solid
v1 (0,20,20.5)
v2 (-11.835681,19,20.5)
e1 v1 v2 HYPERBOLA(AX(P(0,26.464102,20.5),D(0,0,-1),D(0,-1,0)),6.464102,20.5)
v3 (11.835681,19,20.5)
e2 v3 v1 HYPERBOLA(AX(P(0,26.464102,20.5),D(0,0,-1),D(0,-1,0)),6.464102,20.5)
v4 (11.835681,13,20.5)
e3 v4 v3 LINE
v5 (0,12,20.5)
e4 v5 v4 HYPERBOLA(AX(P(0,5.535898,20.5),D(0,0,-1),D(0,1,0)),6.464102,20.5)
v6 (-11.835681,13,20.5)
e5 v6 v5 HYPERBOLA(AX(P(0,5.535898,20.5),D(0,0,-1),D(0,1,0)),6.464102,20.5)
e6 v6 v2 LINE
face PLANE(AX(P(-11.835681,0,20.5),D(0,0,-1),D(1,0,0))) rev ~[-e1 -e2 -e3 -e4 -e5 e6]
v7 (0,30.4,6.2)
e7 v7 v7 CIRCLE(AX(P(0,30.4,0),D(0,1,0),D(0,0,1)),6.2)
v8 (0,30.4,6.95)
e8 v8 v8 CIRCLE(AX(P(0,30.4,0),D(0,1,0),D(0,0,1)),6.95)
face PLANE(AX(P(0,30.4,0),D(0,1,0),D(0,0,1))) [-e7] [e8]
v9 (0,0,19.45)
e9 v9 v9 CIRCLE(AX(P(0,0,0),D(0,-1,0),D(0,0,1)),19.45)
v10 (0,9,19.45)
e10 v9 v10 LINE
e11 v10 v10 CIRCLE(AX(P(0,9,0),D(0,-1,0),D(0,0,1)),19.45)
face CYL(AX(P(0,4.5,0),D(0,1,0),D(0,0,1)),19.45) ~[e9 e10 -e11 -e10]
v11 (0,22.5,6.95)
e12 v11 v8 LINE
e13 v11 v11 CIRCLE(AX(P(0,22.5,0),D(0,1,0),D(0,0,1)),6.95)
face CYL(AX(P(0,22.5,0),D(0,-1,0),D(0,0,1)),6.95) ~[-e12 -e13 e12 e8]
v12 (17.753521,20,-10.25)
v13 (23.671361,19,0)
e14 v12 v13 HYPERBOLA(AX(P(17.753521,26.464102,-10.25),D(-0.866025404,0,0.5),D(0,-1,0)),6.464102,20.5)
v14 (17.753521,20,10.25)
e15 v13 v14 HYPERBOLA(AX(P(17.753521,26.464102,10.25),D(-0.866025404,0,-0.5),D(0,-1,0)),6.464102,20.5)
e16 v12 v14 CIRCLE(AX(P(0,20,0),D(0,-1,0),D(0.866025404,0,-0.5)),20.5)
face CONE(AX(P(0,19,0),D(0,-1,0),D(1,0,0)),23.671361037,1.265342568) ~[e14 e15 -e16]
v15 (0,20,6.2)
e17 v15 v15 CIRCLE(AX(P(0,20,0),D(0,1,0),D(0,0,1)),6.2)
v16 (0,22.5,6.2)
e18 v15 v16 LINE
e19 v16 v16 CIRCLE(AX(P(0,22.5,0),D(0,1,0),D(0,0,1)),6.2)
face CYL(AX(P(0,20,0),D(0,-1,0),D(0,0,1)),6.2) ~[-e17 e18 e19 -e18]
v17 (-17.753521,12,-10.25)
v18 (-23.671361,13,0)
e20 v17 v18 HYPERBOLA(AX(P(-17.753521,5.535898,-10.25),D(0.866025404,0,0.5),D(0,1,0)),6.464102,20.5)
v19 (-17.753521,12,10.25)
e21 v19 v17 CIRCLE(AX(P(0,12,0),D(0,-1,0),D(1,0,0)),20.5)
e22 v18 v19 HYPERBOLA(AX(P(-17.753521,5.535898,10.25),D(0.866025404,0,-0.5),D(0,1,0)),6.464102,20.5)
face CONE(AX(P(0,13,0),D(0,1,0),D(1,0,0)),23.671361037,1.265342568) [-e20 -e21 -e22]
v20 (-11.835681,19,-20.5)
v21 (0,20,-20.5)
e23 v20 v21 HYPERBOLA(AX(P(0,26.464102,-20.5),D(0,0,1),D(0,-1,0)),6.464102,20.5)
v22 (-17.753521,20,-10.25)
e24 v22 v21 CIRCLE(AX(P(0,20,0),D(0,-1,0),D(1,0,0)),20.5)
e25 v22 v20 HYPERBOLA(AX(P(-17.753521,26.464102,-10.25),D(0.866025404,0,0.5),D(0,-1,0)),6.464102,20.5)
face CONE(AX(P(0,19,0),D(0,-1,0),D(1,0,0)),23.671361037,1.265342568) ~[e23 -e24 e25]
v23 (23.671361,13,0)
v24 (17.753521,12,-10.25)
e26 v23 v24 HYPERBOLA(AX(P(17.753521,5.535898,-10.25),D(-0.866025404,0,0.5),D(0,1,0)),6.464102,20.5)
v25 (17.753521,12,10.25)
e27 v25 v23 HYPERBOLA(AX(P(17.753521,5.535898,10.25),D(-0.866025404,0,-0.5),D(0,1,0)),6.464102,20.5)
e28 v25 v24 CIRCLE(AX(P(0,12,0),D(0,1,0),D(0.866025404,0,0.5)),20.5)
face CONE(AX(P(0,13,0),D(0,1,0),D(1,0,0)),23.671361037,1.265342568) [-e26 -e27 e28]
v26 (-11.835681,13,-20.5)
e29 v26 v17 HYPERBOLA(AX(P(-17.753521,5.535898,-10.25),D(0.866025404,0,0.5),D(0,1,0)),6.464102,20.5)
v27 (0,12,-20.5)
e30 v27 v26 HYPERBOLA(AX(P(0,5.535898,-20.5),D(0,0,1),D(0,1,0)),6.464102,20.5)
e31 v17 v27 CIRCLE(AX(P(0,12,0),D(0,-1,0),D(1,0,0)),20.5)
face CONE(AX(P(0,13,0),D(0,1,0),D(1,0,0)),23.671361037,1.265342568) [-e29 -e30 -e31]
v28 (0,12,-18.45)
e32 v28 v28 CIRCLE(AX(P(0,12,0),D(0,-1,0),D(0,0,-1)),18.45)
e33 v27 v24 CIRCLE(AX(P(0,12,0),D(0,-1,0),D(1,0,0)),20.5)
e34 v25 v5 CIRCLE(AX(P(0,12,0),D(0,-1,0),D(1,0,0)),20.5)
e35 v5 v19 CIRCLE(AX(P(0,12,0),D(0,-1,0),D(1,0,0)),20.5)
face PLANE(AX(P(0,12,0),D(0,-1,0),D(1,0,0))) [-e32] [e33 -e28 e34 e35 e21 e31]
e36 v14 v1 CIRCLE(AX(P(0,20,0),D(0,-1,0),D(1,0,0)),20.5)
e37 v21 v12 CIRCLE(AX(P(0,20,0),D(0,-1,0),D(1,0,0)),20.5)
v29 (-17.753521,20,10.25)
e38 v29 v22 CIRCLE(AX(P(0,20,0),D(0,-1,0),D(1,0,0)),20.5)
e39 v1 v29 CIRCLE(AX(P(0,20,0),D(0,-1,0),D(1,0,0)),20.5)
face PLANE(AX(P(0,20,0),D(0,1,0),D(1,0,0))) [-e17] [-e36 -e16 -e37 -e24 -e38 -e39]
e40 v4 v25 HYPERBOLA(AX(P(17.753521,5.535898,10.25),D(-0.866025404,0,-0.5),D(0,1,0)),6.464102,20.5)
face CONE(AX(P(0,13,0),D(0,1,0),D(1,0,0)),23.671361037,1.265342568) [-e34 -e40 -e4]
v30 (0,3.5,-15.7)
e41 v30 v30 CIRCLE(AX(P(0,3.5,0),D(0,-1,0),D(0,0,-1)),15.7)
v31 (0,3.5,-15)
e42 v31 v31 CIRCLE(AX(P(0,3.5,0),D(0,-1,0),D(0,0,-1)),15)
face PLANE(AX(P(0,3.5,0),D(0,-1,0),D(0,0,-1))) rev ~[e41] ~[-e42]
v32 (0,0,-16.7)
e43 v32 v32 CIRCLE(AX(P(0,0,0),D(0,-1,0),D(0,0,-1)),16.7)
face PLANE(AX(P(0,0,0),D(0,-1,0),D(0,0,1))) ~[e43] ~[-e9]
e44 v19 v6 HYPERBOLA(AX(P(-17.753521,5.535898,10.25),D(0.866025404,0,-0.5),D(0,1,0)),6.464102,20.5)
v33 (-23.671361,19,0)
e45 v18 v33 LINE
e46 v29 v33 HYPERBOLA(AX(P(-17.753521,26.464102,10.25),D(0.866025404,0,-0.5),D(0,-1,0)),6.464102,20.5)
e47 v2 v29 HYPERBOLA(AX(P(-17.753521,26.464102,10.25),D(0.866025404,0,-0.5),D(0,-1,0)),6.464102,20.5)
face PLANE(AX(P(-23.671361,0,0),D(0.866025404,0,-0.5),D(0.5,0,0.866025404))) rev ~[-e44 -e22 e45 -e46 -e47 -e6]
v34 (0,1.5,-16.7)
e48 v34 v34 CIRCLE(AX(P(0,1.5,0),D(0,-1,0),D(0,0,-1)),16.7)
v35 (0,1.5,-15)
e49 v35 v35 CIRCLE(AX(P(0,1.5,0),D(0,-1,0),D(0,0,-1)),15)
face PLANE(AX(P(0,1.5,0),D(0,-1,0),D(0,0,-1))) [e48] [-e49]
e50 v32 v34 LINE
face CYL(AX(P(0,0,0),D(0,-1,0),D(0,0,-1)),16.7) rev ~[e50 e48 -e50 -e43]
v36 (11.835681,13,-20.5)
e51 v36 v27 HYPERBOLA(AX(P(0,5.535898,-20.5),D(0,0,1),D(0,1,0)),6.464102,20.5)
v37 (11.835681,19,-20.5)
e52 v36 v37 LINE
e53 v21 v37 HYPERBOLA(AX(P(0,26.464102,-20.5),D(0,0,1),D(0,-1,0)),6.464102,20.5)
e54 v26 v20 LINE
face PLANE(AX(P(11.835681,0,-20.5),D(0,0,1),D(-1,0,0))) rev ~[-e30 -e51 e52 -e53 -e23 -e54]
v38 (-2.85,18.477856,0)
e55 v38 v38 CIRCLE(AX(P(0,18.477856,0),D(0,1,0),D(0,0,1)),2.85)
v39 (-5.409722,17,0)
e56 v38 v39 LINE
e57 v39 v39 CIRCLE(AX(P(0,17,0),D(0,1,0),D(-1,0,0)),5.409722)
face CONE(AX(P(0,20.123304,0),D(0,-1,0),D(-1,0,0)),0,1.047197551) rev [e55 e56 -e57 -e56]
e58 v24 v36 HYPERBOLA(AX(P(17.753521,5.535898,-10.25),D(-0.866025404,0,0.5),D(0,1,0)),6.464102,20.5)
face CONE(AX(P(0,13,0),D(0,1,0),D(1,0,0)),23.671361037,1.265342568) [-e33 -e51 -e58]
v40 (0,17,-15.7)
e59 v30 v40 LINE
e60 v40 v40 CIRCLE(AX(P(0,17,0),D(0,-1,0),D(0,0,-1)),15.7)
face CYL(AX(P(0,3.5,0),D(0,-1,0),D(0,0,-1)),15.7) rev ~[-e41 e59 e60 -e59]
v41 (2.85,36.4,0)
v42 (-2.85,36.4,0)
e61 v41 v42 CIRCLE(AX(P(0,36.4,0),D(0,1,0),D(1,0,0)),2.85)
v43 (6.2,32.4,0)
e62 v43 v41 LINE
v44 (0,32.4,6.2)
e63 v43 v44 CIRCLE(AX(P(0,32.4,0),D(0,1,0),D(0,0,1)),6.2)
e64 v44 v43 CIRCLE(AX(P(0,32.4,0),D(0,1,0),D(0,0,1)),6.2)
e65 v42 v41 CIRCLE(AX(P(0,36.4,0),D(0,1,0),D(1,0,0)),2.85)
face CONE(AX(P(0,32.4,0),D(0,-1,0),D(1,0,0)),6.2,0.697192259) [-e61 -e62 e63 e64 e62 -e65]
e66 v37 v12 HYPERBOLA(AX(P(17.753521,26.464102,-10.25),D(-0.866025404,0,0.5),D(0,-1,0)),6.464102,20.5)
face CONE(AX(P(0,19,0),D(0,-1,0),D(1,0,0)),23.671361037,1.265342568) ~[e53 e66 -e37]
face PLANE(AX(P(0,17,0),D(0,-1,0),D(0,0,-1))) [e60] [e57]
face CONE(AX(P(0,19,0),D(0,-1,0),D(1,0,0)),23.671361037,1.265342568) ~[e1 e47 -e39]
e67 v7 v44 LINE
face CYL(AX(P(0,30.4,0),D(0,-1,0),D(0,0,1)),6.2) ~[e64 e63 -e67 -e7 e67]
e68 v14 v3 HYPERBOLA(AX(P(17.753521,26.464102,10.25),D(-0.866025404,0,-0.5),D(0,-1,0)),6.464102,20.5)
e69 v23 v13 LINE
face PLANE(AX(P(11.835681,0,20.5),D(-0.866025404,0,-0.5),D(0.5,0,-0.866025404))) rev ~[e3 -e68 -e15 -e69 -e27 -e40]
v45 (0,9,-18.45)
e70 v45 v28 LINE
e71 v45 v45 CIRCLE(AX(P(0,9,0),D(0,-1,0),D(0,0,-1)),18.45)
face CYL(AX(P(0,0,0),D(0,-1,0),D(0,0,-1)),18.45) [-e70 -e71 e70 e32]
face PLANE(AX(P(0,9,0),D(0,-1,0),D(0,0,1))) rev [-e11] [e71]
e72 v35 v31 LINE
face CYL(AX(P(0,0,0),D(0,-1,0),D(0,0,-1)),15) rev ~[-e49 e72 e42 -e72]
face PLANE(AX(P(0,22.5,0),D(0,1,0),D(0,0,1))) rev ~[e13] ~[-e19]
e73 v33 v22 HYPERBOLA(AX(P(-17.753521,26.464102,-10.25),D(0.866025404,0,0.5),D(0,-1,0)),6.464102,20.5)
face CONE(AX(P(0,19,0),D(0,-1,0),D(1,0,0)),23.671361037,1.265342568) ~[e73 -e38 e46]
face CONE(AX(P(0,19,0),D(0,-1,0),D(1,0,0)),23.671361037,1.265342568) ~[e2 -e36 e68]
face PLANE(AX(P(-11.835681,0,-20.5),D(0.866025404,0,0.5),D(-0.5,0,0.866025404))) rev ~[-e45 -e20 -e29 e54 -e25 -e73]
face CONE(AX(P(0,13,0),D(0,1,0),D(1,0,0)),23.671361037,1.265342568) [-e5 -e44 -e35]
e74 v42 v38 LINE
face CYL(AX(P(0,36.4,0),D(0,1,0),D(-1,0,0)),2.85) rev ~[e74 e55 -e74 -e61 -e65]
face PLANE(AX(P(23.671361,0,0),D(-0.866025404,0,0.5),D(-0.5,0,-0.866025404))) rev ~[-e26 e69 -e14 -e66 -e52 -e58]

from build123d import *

# Parameters (mm, degrees)
EXTRUDE_1_DEPTH     = 20
SKETCH_3_OUTSIDE_W  = 62.49
SKETCH_3_OUTSIDE_H  = 56.148
SKETCH_3_OUTSIDE_R  = 18.45
CUT_EXTRUDE_1_DEPTH = 12
SKETCH_11_R         = 16.7
CUT_EXTRUDE_2_DEPTH = 1.5
SKETCH_13_R         = 15
CUT_EXTRUDE_4_DEPTH = 17
SKETCH_14_R         = 15.7
CUT_EXTRUDE_5_DEPTH = 13.5
SKETCH_15_W         = 1
SKETCH_15_H         = 9
SKETCH_16_R         = 6.2
EXTRUDE_2_DEPTH     = 2.5
SKETCH_17_R         = 6.95
EXTRUDE_3_DEPTH     = 7.9
SKETCH_18_R         = 6.2
EXTRUDE_4_DEPTH     = 2
SKETCH_21_R         = 2.85
CUT_EXTRUDE_6_DEPTH = 49.016073698


with BuildPart() as part:
    # Эскиз2 → Бобышка-Вытянуть1 (new body)
    with BuildSketch(Plane(origin=(0, 0, 0), x_dir=(1, 0, 0), z_dir=(0, 1, 0))):
        Polygon((11.835680518, -20.5), (23.671361037, 0), (11.835680518, 20.5), (-11.835680518, 20.5), (-23.671361037, 0), (-11.835680518, -20.5), align=None)
    extrude(amount=EXTRUDE_1_DEPTH)

    # Эскиз3 outside → Вырез-Вытянуть1 (cut)
    with BuildSketch(Plane.XZ):
        Rectangle(SKETCH_3_OUTSIDE_W, SKETCH_3_OUTSIDE_H)
        with Locations(Location((0, 0, 0), (0, 0, 270))):
            Circle(SKETCH_3_OUTSIDE_R, mode=Mode.SUBTRACT)
    extrude(amount=-CUT_EXTRUDE_1_DEPTH, mode=Mode.SUBTRACT)

    # Эскиз10 → Вырез-Повернуть1 (revolve, cut)
    with BuildSketch(Plane.XY):
        Polygon((23.671361037, 20), (23.671361037, 19), (20.5, 20), align=None)
    cut_revolve_1 = revolve(axis=Axis((0, 12, 0), (0, -1, 0)), mode=Mode.SUBTRACT)

    # Зеркальное отражение1: Вырез-Повернуть1 across plane
    add(cut_revolve_1.mirror(Plane(origin=(0, 16, 0), x_dir=(0, 0, 1), z_dir=(0, -1, 0))), mode=Mode.SUBTRACT)

    # Эскиз11 → Вырез-Вытянуть2 (cut)
    with BuildSketch(Plane.XZ):
        with Locations(Location((0, 0, 0), (0, 0, 270))):
            Circle(SKETCH_11_R)
    extrude(amount=-CUT_EXTRUDE_2_DEPTH, mode=Mode.SUBTRACT)

    # Эскиз13 → Вырез-Вытянуть4 (cut)
    with BuildSketch(Plane.XZ):
        with Locations(Location((0, 0, 0), (0, 0, 270))):
            Circle(SKETCH_13_R)
    extrude(amount=-CUT_EXTRUDE_4_DEPTH, mode=Mode.SUBTRACT)

    # Эскиз14 → Вырез-Вытянуть5 (cut)
    with BuildSketch(Plane(origin=(0, 3.5, 0), x_dir=(-1, 0, 0), z_dir=(0, -1, 0))):
        with Locations(Location((0, 0, 0), (0, 0, 90))):
            Circle(SKETCH_14_R)
    extrude(amount=-CUT_EXTRUDE_5_DEPTH, mode=Mode.SUBTRACT)

    # Эскиз15 → Повернуть1 (revolve)
    with BuildSketch(Plane.XY, mode=Mode.PRIVATE) as revolve_1_sk:
        with Locations((18.95, 4.5)):
            Rectangle(SKETCH_15_W, SKETCH_15_H)
    revolve(revolve_1_sk.sketch.rotate(Axis((0, 17, 0), (0, -1, 0)), 90), axis=Axis((0, 17, 0), (0, -1, 0)))

    # Эскиз16 → Бобышка-Вытянуть2 (add)
    with BuildSketch(Plane(origin=(0, 20, 0), x_dir=(1, 0, 0), z_dir=(0, 1, 0))):
        with Locations(Location((0, 0, 0), (0, 0, 270))):
            Circle(SKETCH_16_R)
    extrude(amount=EXTRUDE_2_DEPTH)

    # Эскиз17 → Бобышка-Вытянуть3 (add)
    with BuildSketch(Plane(origin=(0, 22.5, 0), x_dir=(1, 0, 0), z_dir=(0, 1, 0))):
        with Locations(Location((0, 0, 0), (0, 0, 270))):
            Circle(SKETCH_17_R)
    extrude(amount=EXTRUDE_3_DEPTH)

    # Эскиз18 → Бобышка-Вытянуть4 (add)
    with BuildSketch(Plane(origin=(0, 30.4, 0), x_dir=(1, 0, 0), z_dir=(0, 1, 0))):
        with Locations(Location((0, 0, 0), (0, 0, 270))):
            Circle(SKETCH_18_R)
    extrude(amount=EXTRUDE_4_DEPTH)

    # Эскиз19 → Повернуть2 (revolve)
    with BuildSketch(Plane.XY):
        Polygon((6.2, 32.4), (2.85, 36.4), (0, 36.4), (0, 32.4), align=None)
    revolve(axis=Axis((0, -964.782676563, 0), (0, 1, 0)))

    # Эскиз21 → Вырез-Вытянуть6 (cut, through all)
    with BuildSketch(Plane(origin=(0, 36.4, 0), x_dir=(1, 0, 0), z_dir=(0, 1, 0))):
        with Locations(Location((0, 0, 0), (0, 0, 180))):
            Circle(SKETCH_21_R)
    extrude(amount=-CUT_EXTRUDE_6_DEPTH, mode=Mode.SUBTRACT)

    # Эскиз22 → Вырез-Повернуть2 (revolve, cut)
    with BuildSketch(Plane.XY, mode=Mode.PRIVATE) as cut_revolve_2_sk:
        Polygon((0, 20.123304437), (5.409721973, 17), (0, 17), align=None)
    revolve(cut_revolve_2_sk.sketch.rotate(Axis((0, 17, 0), (0, 1, 0)), 180), axis=Axis((0, 17, 0), (0, 1, 0)), mode=Mode.SUBTRACT)


solid = part.part
